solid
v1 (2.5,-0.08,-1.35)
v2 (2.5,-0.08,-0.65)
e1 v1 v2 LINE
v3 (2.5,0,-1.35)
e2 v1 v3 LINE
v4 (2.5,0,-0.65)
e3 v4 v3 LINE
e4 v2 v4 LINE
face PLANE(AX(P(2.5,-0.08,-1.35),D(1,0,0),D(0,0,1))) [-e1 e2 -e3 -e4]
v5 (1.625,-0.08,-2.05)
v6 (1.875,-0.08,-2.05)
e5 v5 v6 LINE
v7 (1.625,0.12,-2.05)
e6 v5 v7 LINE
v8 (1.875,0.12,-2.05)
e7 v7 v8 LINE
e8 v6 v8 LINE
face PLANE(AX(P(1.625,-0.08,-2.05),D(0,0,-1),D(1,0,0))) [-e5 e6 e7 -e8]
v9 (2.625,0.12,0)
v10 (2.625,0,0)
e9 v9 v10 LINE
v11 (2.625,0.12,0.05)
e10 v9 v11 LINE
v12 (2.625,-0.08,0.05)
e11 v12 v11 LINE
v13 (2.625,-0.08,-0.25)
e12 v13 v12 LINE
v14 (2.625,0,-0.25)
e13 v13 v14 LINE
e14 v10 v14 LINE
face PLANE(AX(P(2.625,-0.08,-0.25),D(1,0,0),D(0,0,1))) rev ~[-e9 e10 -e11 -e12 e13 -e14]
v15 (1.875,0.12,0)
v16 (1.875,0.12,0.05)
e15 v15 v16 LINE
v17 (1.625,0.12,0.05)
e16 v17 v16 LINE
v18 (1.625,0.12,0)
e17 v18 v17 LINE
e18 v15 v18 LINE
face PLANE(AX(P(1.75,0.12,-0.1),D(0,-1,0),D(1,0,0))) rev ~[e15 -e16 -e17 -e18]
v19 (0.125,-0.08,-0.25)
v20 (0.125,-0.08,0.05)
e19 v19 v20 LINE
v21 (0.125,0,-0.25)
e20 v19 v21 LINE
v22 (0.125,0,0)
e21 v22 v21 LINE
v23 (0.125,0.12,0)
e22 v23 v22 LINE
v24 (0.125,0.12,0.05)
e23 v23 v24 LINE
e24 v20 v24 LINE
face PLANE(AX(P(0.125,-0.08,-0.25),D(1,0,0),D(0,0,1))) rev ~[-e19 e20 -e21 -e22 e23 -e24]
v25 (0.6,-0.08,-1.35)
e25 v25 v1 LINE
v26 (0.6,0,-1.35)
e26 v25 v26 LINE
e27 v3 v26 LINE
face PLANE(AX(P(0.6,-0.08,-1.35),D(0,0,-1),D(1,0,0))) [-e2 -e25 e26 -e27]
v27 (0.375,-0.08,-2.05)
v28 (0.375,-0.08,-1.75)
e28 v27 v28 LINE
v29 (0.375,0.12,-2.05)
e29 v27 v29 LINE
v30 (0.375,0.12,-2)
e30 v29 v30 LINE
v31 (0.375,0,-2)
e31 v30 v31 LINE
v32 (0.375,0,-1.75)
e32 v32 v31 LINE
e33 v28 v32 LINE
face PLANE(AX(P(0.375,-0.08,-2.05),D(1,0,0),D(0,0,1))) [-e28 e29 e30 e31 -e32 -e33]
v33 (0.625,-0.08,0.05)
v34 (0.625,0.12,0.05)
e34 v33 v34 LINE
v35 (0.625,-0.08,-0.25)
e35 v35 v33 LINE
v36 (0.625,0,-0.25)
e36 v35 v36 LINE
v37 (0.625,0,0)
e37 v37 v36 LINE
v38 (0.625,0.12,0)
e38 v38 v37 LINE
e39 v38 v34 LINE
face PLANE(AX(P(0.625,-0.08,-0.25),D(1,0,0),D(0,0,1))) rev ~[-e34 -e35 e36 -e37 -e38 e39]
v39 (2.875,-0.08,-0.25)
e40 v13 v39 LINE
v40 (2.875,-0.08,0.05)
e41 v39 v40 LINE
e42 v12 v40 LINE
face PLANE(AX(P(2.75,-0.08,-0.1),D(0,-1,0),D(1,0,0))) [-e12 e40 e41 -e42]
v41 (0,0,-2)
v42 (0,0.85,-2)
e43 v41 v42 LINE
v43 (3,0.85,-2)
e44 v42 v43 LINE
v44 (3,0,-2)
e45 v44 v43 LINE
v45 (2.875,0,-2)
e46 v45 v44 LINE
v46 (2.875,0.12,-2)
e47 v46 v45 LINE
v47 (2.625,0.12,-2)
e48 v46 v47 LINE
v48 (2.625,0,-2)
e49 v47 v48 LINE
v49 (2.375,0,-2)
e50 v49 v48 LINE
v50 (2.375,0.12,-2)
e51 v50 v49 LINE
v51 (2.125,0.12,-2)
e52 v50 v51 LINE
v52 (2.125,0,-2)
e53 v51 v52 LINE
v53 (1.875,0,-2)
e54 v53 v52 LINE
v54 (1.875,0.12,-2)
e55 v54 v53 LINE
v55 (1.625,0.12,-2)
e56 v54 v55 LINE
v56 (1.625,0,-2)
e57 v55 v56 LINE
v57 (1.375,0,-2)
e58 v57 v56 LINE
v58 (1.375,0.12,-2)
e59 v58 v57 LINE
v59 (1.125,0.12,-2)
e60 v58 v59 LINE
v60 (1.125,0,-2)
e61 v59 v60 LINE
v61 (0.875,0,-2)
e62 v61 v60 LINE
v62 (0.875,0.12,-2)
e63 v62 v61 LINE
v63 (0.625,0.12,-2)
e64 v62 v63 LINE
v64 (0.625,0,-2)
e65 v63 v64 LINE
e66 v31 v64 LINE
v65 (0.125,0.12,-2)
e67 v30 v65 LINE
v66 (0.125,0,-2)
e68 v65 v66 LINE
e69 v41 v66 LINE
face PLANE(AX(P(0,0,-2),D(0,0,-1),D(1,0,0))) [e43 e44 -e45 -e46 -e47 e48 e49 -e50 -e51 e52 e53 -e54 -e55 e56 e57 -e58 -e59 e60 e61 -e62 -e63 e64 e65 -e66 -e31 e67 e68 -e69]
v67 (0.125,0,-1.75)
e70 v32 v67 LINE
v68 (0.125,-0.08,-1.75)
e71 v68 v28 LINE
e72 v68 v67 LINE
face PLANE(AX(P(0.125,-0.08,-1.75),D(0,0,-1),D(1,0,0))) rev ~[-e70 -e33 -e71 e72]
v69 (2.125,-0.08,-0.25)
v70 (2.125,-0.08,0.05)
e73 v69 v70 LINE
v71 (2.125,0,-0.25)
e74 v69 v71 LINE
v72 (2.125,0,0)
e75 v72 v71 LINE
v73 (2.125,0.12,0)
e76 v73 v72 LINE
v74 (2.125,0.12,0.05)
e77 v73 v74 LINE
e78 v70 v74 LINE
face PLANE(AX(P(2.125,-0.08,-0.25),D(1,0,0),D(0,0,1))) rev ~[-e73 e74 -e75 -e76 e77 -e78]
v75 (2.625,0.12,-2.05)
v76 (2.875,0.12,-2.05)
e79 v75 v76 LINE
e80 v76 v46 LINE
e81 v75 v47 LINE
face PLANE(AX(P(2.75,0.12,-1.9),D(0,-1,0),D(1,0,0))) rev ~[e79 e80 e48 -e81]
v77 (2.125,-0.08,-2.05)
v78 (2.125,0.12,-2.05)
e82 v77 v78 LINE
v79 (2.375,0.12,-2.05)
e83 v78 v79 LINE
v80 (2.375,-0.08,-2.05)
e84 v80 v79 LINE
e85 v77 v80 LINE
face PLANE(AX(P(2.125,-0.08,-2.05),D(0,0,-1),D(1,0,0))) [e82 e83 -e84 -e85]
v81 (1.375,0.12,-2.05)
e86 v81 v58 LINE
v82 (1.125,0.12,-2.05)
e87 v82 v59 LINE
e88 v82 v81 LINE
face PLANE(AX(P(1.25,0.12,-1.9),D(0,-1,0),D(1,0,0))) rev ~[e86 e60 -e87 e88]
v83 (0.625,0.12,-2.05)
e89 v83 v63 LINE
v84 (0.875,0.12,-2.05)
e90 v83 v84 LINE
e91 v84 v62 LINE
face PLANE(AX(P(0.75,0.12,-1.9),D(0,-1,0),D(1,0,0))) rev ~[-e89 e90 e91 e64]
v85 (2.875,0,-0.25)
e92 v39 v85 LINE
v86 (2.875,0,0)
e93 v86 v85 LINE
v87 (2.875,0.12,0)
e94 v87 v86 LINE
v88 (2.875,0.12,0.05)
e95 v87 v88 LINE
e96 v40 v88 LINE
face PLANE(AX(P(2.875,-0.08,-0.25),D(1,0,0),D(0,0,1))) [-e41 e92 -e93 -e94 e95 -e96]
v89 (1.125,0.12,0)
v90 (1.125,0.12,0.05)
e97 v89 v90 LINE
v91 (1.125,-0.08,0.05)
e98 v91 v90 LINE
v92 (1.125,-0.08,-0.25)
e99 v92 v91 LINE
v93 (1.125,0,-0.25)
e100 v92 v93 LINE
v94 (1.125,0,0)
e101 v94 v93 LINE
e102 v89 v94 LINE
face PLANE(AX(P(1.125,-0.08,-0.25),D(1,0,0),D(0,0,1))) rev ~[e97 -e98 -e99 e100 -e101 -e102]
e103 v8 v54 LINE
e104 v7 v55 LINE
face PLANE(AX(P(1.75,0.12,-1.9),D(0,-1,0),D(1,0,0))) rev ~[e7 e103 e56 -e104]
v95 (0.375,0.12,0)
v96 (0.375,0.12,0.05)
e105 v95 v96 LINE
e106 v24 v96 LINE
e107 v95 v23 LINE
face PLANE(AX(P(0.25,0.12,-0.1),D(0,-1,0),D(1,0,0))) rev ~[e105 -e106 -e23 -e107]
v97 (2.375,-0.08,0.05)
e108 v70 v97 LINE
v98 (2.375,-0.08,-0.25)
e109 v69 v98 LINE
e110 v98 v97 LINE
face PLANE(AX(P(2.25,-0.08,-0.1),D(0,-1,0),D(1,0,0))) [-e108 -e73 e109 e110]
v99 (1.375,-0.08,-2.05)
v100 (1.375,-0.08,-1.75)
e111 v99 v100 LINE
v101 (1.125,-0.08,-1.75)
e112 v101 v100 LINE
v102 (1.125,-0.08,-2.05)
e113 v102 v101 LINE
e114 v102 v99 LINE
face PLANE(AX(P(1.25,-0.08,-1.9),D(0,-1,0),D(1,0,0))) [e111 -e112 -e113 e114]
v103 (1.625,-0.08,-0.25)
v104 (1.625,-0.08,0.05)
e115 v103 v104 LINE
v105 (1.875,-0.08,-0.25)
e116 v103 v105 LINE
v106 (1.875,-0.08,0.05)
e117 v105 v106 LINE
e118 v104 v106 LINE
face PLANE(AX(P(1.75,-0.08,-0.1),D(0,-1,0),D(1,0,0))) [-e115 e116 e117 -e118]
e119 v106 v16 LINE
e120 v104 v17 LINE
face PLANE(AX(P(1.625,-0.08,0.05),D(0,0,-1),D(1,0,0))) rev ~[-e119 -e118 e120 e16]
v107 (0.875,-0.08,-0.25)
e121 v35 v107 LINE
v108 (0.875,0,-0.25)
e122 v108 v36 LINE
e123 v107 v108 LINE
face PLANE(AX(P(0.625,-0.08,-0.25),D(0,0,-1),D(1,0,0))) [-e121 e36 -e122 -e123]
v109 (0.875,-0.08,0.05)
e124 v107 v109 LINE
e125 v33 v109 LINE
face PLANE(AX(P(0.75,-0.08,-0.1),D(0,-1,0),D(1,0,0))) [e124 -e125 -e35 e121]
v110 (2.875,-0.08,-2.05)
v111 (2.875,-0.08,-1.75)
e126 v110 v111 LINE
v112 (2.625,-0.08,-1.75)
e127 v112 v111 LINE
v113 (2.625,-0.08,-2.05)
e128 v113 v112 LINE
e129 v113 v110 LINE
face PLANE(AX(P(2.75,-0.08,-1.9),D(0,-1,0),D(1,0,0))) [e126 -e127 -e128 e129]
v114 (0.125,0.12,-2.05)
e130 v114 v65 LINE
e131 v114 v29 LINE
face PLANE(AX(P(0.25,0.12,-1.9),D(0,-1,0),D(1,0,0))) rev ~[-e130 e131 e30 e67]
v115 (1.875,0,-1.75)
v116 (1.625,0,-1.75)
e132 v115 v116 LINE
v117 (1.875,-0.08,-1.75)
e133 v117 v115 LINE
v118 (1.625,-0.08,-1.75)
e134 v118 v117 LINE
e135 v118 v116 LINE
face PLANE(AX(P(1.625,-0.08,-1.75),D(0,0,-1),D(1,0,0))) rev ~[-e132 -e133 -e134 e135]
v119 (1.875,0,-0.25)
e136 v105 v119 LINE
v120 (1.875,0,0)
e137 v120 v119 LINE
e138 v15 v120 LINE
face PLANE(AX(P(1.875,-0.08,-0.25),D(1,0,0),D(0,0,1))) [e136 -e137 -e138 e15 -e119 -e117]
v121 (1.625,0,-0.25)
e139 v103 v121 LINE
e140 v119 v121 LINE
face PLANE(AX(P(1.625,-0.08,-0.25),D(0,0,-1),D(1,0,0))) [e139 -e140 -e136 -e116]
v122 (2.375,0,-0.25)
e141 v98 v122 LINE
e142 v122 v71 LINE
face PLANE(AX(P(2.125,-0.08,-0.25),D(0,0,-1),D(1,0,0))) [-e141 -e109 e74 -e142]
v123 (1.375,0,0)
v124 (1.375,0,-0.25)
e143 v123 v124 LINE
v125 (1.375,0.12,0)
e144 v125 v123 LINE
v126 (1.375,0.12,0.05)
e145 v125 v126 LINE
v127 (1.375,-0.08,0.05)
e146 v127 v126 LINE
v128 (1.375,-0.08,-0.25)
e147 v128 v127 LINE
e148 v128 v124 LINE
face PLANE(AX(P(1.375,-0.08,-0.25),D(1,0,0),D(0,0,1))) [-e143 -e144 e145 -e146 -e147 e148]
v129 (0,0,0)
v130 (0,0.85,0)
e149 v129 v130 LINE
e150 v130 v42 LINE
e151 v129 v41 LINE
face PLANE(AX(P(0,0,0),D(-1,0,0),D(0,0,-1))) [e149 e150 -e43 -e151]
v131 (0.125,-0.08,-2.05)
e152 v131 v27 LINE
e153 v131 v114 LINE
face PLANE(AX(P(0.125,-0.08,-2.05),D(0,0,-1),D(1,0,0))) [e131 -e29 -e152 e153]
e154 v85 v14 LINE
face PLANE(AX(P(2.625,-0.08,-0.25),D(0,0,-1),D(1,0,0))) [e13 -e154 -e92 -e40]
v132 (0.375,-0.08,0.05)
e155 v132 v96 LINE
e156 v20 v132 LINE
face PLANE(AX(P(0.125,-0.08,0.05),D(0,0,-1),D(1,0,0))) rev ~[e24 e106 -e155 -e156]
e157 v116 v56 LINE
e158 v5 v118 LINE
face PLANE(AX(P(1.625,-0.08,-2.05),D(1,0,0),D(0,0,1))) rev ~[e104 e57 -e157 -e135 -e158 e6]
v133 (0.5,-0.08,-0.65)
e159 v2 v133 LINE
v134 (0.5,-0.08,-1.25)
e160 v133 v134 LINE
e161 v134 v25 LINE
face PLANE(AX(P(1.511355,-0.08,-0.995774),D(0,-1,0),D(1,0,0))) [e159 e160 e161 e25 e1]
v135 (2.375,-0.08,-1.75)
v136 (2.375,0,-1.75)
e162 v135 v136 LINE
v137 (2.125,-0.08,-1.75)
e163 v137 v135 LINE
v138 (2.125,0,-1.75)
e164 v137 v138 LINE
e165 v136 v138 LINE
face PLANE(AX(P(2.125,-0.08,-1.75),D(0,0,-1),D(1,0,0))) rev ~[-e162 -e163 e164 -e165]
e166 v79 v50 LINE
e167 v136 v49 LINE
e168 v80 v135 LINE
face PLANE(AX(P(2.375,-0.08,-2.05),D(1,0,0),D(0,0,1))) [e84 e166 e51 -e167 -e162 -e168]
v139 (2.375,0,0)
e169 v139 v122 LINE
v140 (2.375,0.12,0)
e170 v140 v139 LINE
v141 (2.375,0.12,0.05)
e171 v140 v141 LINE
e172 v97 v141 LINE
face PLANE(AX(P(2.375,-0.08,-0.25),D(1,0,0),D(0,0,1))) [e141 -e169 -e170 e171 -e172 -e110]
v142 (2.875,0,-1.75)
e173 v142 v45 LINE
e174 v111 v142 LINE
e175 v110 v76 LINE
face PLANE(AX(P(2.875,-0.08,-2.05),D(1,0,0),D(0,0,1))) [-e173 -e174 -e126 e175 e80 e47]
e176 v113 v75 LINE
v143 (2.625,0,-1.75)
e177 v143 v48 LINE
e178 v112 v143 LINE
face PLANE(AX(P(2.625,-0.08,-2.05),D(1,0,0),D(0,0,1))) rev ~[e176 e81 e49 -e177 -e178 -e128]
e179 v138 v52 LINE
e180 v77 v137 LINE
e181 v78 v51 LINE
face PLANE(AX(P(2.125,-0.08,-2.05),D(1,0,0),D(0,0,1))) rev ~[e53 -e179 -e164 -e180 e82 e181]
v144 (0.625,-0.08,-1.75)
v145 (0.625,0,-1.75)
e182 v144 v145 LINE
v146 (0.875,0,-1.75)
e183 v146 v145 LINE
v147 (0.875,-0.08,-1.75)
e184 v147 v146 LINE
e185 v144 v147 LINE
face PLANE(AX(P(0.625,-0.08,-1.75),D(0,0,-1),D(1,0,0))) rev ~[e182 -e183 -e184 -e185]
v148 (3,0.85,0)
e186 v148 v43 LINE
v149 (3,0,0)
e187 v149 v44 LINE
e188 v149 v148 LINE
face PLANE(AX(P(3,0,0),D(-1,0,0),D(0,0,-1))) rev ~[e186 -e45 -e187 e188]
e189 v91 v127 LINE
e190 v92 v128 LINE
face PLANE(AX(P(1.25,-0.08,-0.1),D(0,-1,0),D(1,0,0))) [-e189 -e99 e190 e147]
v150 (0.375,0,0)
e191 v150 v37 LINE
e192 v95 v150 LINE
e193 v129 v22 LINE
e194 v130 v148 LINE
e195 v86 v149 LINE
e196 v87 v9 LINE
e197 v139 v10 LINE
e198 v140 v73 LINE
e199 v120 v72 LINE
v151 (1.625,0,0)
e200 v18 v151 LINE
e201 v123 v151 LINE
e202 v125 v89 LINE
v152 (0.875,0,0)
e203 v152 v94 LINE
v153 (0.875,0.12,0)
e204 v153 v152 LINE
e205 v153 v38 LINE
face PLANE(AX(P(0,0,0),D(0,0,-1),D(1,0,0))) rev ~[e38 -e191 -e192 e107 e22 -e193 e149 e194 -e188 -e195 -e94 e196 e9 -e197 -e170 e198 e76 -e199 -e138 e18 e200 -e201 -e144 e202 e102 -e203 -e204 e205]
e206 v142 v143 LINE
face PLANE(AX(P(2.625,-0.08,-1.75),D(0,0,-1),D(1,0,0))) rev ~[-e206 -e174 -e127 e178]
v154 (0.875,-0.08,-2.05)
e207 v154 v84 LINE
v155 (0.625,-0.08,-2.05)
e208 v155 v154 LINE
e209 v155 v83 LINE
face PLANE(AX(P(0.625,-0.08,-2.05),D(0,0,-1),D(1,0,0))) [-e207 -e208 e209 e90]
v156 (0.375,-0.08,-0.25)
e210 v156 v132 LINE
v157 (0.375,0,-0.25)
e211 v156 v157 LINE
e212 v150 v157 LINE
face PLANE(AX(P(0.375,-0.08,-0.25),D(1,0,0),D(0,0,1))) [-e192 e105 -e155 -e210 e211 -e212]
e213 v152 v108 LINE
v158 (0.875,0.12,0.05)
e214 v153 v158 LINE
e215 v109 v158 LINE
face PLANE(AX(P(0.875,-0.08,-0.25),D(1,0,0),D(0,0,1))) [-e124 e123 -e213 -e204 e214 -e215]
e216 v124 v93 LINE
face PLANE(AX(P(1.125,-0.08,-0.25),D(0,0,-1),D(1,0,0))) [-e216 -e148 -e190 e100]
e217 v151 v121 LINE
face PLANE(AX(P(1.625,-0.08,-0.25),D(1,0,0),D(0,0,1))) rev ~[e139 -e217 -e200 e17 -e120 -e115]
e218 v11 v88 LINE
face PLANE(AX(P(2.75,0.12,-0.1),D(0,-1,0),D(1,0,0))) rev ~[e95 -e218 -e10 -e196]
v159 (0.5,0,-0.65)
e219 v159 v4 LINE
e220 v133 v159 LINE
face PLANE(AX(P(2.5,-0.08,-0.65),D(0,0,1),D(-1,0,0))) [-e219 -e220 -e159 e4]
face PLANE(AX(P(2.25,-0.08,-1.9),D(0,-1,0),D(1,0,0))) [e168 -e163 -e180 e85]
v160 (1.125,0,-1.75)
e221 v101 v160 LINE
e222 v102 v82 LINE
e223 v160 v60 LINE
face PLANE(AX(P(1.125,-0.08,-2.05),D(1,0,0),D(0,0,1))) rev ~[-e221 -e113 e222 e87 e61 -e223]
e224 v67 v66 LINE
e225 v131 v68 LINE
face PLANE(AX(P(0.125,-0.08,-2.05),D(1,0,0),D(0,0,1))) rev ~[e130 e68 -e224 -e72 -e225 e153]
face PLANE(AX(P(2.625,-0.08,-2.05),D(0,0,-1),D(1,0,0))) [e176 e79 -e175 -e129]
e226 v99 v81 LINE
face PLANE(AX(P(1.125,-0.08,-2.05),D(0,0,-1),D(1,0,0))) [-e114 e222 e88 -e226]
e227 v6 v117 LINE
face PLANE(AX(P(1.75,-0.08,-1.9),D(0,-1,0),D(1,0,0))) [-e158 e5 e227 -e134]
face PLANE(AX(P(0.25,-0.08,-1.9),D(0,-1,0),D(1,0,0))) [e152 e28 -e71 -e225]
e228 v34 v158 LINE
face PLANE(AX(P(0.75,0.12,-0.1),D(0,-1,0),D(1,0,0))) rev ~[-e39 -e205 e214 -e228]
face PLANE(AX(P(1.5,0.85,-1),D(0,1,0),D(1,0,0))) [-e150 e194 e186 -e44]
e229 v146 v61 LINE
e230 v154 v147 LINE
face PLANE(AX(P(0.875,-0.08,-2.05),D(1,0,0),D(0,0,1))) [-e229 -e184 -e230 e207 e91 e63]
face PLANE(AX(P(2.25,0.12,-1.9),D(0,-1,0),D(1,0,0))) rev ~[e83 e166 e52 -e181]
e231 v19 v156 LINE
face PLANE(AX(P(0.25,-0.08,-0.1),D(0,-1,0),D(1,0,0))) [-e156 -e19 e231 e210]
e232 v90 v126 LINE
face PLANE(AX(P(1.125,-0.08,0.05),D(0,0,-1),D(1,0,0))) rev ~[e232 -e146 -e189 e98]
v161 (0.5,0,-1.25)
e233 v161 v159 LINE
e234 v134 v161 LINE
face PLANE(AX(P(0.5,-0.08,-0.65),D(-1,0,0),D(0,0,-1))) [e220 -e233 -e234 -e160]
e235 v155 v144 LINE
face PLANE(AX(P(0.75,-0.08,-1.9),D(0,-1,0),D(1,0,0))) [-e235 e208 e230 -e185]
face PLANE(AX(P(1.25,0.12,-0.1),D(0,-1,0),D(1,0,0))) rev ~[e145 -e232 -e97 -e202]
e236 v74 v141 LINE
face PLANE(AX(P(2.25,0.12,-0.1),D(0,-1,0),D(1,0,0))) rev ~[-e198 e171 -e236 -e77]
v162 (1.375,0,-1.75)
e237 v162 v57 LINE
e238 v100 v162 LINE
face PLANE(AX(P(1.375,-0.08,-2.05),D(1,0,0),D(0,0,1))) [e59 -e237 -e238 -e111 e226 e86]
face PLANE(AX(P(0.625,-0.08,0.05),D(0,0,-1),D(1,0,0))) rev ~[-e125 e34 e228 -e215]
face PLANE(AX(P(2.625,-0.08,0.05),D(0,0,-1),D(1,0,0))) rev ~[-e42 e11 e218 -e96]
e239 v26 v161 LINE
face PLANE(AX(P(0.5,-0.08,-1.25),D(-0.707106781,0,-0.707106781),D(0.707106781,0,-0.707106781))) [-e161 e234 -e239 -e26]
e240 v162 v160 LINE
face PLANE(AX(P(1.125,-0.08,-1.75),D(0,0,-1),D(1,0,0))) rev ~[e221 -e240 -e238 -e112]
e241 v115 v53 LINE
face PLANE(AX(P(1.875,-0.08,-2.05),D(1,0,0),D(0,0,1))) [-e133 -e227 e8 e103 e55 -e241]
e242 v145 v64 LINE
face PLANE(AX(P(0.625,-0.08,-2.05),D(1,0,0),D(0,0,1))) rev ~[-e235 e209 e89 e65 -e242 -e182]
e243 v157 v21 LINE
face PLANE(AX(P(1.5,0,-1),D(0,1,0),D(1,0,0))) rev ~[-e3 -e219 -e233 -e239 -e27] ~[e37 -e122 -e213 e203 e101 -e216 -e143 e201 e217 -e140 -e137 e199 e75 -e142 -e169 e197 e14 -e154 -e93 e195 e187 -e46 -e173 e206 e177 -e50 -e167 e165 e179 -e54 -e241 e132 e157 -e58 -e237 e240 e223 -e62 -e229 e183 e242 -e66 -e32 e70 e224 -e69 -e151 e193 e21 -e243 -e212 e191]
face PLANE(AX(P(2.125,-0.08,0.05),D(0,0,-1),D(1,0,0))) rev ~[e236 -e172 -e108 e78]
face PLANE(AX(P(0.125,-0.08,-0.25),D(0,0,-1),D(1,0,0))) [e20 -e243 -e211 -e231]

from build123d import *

# Parameters (mm, degrees)
SKETCH1_W           = 3
SKETCH1_H           = 2
BOSS_EXTRUDE1_DEPTH = 0.85
BOSS_EXTRUDE2_START = 0.08
SKETCH2_W           = 0.25
SKETCH2_H           = 0.3
BOSS_EXTRUDE2_DEPTH = 0.2


with BuildPart() as part:
    # Sketch1 → Boss-Extrude1 (new body)
    with BuildSketch(Plane(origin=(0, 0, 0), x_dir=(1, 0, 0), z_dir=(0, 1, 0))):
        with Locations((1.5, 1)):
            Rectangle(SKETCH1_W, SKETCH1_H)
    extrude(amount=BOSS_EXTRUDE1_DEPTH)

    # Sketch2 → Boss-Extrude2 (add)
    with BuildSketch(Plane.XZ.offset(BOSS_EXTRUDE2_START)):
        Polygon((2.5, -0.65), (0.5, -0.65), (0.5, -1.25), (0.6, -1.35), (2.5, -1.35), align=None)
        with Locations((2.25, -0.1)):
            Rectangle(SKETCH2_W, SKETCH2_H)
        with Locations((2.25, -1.9)):
            Rectangle(SKETCH2_W, SKETCH2_H)
        with Locations((1.75, -0.1)):
            Rectangle(SKETCH2_W, SKETCH2_H)
        with Locations((2.75, -0.1)):
            Rectangle(SKETCH2_W, SKETCH2_H)
        with Locations((1.75, -1.9)):
            Rectangle(SKETCH2_W, SKETCH2_H)
        with Locations((2.75, -1.9)):
            Rectangle(SKETCH2_W, SKETCH2_H)
        with Locations((1.25, -0.1)):
            Rectangle(SKETCH2_W, SKETCH2_H)
        with Locations((1.25, -1.9)):
            Rectangle(SKETCH2_W, SKETCH2_H)
        with Locations((0.75, -1.9)):
            Rectangle(SKETCH2_W, SKETCH2_H)
        with Locations((0.25, -1.9)):
            Rectangle(SKETCH2_W, SKETCH2_H)
        with Locations((0.75, -0.1)):
            Rectangle(SKETCH2_W, SKETCH2_H)
        with Locations((0.25, -0.1)):
            Rectangle(SKETCH2_W, SKETCH2_H)
    extrude(amount=-BOSS_EXTRUDE2_DEPTH)


solid = part.part
